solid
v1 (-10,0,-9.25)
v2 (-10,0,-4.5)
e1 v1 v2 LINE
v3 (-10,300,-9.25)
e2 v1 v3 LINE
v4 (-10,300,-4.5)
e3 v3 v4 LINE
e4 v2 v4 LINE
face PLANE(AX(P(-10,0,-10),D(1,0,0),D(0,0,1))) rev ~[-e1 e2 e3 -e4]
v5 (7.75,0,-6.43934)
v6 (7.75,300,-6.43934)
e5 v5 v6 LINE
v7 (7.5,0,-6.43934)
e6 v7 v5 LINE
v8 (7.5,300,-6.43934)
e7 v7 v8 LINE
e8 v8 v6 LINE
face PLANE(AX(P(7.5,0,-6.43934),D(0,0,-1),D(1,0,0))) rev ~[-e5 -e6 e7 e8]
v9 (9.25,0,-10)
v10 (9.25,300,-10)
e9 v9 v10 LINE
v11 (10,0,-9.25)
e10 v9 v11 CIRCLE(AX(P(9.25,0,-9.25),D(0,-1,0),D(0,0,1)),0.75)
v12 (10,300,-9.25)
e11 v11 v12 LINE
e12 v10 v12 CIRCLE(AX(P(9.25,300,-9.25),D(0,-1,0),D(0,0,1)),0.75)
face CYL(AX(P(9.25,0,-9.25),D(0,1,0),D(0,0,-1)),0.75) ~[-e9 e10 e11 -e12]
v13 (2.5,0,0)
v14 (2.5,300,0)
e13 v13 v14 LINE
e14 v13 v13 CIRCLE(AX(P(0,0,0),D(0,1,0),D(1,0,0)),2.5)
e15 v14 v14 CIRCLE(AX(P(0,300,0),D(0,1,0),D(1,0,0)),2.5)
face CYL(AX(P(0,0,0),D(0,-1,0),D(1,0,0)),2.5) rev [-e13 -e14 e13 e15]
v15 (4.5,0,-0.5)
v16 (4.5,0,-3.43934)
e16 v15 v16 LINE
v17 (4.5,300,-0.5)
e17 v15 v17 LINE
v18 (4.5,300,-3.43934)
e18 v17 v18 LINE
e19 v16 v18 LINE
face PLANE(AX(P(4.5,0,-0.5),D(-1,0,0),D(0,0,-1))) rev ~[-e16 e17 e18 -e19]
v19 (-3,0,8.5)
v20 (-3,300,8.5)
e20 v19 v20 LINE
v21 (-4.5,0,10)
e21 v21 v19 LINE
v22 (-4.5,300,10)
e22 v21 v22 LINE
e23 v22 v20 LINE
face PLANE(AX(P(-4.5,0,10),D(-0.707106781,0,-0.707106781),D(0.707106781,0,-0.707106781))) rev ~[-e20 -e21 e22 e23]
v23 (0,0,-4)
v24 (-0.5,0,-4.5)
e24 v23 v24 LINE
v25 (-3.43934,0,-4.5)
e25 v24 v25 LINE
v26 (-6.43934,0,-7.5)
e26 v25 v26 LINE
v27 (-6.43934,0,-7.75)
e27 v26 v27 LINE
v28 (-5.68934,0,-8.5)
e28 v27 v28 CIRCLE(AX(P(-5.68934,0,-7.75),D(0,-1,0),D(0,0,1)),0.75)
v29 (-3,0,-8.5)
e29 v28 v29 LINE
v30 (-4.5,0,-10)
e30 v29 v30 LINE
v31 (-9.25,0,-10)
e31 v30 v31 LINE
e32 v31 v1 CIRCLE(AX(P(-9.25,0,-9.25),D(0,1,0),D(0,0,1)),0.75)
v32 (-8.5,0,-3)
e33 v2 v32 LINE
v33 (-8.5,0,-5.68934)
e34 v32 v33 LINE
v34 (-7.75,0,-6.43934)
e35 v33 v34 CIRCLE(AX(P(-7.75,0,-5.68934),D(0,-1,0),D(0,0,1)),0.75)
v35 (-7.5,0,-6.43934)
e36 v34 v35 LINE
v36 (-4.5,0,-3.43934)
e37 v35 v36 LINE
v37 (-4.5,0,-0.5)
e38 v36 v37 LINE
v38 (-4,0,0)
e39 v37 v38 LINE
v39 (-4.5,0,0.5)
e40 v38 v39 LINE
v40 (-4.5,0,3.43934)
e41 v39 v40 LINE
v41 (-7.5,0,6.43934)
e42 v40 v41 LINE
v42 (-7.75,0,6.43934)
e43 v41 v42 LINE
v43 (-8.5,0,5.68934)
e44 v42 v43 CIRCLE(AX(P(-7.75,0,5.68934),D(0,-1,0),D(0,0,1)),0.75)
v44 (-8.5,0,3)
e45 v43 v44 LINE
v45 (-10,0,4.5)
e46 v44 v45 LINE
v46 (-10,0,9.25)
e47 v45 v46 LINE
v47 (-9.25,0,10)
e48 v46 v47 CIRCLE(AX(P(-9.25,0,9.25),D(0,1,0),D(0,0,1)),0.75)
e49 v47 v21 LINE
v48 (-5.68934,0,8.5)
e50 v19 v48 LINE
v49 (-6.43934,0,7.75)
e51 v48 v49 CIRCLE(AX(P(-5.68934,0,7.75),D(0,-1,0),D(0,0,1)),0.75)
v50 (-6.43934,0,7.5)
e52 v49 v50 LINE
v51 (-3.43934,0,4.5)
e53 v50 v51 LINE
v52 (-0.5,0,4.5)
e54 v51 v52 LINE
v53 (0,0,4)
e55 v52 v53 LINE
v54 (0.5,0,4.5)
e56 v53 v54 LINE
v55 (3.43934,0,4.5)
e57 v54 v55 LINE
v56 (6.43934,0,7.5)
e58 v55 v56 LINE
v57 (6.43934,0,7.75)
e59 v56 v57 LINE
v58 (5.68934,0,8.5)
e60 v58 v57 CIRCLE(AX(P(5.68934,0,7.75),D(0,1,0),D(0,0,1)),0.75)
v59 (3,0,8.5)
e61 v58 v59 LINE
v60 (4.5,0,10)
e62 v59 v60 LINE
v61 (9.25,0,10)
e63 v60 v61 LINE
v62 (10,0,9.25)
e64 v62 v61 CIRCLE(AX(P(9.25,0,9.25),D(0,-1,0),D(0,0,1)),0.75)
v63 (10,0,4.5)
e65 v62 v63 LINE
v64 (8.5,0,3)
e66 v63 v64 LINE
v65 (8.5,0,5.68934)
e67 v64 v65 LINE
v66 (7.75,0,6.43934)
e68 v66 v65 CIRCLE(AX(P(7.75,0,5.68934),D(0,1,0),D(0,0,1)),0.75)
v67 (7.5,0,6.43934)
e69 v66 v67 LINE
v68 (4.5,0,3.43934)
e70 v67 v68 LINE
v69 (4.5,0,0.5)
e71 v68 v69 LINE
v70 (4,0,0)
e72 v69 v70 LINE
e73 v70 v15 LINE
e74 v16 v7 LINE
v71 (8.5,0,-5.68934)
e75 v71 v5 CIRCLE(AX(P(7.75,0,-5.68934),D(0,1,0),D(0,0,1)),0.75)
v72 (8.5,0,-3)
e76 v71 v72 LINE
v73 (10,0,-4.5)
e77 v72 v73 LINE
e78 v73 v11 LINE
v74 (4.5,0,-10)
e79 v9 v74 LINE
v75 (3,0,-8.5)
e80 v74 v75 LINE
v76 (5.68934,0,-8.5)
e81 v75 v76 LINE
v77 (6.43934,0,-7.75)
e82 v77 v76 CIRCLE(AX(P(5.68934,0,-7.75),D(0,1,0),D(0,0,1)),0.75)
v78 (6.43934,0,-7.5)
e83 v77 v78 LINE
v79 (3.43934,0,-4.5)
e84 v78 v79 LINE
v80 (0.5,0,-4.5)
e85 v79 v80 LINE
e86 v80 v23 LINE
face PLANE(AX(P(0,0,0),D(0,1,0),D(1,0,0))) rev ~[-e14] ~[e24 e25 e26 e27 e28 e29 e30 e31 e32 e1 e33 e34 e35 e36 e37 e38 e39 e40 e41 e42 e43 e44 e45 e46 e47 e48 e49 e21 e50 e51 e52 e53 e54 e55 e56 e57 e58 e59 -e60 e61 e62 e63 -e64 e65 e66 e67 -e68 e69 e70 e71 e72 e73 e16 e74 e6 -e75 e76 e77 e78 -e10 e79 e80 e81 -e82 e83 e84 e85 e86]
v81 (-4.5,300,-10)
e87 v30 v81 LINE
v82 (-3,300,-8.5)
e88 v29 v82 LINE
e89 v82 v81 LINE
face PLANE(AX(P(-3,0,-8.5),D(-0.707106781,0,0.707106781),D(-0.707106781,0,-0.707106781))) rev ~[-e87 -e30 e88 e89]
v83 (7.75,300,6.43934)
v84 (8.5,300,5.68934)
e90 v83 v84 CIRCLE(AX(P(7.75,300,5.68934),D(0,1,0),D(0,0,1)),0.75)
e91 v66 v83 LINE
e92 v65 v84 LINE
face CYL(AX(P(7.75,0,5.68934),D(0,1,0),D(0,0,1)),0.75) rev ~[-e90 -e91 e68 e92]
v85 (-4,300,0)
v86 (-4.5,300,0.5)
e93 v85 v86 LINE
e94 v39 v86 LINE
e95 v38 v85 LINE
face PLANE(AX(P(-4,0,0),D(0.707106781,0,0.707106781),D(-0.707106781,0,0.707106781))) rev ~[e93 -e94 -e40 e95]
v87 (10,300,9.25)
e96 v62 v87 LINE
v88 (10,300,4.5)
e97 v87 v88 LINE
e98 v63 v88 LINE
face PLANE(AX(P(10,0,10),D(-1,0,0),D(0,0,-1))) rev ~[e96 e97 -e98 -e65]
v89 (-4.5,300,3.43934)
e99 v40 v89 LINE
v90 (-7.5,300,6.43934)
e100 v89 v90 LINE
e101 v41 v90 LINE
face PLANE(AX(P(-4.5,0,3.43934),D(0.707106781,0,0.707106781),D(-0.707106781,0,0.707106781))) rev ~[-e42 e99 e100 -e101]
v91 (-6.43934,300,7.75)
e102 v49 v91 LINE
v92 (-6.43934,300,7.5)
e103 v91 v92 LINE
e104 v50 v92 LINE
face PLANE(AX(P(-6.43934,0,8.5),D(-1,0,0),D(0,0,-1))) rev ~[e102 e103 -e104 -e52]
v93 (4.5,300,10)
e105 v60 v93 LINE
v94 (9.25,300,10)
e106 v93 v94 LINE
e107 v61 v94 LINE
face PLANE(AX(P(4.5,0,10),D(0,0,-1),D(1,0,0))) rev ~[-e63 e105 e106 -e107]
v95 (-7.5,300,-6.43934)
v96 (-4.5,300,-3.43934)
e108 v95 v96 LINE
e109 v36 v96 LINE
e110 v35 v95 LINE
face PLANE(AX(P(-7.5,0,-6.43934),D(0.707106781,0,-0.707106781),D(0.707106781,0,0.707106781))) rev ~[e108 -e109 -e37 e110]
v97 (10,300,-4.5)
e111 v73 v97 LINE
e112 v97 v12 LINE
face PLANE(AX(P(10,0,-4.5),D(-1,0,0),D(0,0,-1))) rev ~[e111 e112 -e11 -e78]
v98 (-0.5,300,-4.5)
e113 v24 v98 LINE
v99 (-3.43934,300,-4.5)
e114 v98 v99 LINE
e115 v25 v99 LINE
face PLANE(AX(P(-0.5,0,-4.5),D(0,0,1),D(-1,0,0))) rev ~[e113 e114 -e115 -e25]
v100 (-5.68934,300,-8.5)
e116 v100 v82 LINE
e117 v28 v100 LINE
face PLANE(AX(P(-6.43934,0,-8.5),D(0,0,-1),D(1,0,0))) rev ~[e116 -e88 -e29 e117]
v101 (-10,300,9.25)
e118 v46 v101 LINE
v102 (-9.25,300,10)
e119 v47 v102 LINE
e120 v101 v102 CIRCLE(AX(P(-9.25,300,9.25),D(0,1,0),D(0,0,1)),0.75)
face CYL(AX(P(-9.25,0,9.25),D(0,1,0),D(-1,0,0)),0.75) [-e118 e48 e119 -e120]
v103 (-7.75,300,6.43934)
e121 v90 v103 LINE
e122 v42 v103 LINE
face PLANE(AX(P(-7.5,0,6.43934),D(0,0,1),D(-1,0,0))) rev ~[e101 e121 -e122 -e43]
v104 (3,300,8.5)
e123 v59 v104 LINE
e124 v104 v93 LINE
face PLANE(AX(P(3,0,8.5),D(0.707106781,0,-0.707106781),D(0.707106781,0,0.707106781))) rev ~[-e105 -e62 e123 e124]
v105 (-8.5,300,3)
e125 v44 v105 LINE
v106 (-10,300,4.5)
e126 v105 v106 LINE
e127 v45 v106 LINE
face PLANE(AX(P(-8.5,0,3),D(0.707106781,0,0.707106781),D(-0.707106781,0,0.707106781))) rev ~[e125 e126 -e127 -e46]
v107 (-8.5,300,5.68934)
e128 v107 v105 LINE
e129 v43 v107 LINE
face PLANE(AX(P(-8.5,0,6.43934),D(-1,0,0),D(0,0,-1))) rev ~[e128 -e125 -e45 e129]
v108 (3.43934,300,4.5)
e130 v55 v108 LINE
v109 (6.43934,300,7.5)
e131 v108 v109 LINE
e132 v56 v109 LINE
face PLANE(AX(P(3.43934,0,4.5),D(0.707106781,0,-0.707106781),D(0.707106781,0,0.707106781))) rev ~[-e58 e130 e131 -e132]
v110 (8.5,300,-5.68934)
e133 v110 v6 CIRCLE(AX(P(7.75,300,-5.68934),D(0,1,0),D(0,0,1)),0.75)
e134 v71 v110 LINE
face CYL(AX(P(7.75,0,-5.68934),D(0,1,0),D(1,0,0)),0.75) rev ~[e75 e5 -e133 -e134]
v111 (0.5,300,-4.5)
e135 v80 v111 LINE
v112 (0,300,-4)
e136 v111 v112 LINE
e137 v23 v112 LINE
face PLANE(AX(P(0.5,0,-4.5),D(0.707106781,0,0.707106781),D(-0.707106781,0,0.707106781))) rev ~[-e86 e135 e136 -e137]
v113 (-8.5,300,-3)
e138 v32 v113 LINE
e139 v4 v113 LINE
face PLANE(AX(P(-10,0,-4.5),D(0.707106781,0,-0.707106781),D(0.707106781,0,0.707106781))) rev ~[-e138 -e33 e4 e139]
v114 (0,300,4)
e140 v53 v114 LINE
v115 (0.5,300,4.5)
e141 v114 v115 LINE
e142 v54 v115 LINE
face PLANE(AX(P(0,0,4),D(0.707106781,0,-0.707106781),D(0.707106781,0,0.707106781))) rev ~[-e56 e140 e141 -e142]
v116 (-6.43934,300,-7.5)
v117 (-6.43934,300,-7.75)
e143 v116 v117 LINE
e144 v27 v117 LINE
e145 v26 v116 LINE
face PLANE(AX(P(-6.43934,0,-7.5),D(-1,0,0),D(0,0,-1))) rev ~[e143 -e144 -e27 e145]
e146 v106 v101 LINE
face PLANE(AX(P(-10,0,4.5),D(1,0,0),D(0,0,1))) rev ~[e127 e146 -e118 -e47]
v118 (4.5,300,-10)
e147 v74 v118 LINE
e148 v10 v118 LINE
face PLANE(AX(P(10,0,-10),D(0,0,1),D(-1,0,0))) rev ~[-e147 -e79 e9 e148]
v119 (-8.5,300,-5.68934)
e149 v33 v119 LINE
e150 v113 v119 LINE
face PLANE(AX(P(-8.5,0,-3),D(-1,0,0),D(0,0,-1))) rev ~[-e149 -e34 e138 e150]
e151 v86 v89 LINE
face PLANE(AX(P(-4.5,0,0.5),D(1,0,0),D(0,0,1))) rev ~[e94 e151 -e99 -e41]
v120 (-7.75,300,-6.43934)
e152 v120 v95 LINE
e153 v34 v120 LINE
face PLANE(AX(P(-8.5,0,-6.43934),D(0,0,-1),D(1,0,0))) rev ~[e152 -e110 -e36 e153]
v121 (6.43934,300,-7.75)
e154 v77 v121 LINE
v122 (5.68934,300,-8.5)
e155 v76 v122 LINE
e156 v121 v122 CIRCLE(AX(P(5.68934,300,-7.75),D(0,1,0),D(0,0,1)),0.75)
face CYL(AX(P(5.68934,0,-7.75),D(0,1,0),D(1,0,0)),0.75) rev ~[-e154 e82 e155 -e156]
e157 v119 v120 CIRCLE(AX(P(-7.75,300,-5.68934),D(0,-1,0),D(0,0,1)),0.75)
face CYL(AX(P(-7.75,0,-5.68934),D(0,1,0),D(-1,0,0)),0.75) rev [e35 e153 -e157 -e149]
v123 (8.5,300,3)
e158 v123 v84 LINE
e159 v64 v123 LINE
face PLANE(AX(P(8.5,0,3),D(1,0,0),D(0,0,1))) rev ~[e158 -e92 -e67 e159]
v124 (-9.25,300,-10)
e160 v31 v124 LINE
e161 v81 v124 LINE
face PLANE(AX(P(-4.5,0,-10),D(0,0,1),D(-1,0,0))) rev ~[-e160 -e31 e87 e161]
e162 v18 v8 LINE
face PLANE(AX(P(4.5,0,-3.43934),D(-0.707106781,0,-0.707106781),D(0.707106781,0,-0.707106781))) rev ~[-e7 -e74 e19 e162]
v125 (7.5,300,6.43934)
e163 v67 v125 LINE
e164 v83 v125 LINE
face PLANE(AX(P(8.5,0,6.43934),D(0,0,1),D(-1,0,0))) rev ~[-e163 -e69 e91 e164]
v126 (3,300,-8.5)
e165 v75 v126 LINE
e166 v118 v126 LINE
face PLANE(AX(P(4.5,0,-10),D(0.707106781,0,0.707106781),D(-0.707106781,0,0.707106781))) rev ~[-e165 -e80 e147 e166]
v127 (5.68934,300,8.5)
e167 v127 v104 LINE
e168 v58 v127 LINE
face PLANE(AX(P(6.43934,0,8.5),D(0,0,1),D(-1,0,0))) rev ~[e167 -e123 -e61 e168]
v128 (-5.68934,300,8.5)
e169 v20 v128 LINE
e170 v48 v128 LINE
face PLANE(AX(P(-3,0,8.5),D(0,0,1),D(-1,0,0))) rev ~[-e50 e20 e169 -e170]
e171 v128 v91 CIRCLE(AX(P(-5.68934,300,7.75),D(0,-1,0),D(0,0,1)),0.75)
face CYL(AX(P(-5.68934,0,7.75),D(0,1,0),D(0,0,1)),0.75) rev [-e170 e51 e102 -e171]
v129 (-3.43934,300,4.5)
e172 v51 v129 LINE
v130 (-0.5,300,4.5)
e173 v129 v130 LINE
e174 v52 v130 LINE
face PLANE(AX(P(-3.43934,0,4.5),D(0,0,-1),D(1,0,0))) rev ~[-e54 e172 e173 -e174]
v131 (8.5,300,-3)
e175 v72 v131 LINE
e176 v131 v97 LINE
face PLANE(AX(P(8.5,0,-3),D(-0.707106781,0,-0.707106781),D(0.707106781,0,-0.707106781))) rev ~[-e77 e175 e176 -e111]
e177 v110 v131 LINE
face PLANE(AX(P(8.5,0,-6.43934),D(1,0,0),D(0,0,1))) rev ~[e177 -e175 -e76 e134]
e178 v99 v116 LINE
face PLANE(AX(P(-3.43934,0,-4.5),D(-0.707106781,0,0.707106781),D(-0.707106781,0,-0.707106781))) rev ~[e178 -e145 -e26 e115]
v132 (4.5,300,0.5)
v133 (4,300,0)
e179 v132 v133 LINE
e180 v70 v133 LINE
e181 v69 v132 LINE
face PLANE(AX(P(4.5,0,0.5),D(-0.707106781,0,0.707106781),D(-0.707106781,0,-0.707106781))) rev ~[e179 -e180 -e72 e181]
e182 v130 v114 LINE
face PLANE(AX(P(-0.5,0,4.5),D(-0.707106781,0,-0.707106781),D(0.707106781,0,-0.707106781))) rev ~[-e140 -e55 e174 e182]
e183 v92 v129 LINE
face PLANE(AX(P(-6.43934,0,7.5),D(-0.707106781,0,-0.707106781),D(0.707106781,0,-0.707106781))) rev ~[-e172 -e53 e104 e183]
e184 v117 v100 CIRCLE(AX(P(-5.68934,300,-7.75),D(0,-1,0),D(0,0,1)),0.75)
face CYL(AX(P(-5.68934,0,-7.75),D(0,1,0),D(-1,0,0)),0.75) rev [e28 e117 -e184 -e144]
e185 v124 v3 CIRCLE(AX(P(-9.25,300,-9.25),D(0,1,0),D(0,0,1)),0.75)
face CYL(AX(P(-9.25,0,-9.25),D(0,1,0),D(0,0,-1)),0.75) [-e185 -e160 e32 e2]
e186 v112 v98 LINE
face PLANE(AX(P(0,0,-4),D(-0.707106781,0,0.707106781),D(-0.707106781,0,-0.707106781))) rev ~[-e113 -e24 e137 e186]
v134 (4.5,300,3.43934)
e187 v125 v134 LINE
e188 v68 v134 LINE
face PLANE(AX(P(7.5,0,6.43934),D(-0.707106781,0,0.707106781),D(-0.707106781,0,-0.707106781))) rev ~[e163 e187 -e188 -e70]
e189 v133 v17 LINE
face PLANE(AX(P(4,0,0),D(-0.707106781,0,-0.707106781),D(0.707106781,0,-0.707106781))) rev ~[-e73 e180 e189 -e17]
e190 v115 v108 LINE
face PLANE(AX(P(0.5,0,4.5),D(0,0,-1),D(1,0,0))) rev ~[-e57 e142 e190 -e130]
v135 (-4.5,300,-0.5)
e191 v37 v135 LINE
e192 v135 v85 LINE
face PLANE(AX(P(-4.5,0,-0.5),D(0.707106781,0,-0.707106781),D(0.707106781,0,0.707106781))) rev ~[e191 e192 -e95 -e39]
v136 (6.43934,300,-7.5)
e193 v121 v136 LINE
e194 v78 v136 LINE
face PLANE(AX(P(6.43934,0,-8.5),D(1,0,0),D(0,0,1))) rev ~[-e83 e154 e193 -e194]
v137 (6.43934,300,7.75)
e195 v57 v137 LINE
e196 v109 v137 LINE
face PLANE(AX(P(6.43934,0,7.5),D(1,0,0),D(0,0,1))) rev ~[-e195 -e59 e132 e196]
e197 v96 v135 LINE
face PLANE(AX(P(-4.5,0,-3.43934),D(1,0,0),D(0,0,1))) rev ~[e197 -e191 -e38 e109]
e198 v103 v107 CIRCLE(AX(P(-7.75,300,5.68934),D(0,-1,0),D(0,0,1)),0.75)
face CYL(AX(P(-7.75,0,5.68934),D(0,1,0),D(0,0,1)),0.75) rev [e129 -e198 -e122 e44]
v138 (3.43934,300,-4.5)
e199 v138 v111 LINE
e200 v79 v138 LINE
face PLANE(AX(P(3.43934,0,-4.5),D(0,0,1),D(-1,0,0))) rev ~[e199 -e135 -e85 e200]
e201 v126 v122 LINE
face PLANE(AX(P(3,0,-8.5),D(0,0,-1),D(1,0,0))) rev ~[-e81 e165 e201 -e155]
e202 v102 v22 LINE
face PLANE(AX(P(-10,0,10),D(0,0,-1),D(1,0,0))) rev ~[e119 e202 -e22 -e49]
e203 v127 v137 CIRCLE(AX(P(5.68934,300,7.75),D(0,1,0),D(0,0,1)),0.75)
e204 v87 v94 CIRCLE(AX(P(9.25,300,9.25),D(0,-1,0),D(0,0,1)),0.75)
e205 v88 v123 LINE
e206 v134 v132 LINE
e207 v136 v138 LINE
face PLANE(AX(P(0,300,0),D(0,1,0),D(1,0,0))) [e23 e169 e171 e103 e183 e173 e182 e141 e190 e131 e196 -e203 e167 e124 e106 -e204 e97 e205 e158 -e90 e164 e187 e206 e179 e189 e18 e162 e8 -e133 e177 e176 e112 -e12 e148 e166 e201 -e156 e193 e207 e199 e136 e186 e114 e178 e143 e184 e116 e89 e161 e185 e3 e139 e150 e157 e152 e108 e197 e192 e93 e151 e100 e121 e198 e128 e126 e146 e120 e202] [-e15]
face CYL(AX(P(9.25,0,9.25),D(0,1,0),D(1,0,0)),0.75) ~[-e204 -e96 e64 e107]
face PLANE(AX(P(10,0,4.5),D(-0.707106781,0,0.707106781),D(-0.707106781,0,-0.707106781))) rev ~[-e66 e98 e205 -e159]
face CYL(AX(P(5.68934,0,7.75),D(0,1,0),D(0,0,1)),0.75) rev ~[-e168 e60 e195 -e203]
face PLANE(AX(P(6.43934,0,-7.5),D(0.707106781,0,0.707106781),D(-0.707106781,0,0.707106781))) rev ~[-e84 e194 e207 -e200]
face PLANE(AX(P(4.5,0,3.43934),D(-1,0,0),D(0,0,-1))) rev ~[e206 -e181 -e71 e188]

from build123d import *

# Parameters (mm, degrees)
ESQUISSE1_R      = 2.5
EXTRUSION1_DEPTH = 300
CONG_1_R         = 0.75


with BuildPart() as part:
    # Esquisse1 → Extrusion1 (new body)
    with BuildSketch(Plane(origin=(0, 0, 0), x_dir=(1, 0, 0), z_dir=(0, 1, 0))):
        Polygon((0, 4), (-0.5, 4.5), (-3.439339828, 4.5), (-6.439339828, 7.5), (-6.439339828, 8.5), (-3, 8.5), (-4.5, 10), (-10, 10), (-10, 4.5), (-8.5, 3), (-8.5, 6.439339828), (-7.5, 6.439339828), (-4.5, 3.439339828), (-4.5, 0.5), (-4, 0), (-4.5, -0.5), (-4.5, -3.439339828), (-7.5, -6.439339828), (-8.5, -6.439339828), (-8.5, -3), (-10, -4.5), (-10, -10), (-4.5, -10), (-3, -8.5), (-6.439339828, -8.5), (-6.439339828, -7.5), (-3.439339828, -4.5), (-0.5, -4.5), (0, -4), (0.5, -4.5), (3.439339828, -4.5), (6.439339828, -7.5), (6.439339828, -8.5), (3, -8.5), (4.5, -10), (10, -10), (10, -4.5), (8.5, -3), (8.5, -6.439339828), (7.5, -6.439339828), (4.5, -3.439339828), (4.5, -0.5), (4, 0), (4.5, 0.5), (4.5, 3.439339828), (7.5, 6.439339828), (8.5, 6.439339828), (8.5, 3), (10, 4.5), (10, 10), (4.5, 10), (3, 8.5), (6.439339828, 8.5), (6.439339828, 7.5), (3.439339828, 4.5), (0.5, 4.5), align=None)
        Circle(ESQUISSE1_R, mode=Mode.SUBTRACT)
    extrude(amount=EXTRUSION1_DEPTH)

    # Congé1
    cong_1_edges = [part.edges().sort_by_distance(p)[0] for p in [
        (6.439339828, 150, -8.5),
        (10, 150, -10),
        (8.5, 150, -6.439339828),
        (8.5, 150, 6.439339828),
        (10, 150, 10),
        (6.439339828, 150, 8.5),
        (-6.439339828, 150, 8.5),
        (-10, 150, 10),
        (-8.5, 150, 6.439339828),
        (-8.5, 150, -6.439339828),
        (-10, 150, -10),
        (-6.439339828, 150, -8.5),
    ]]
    fillet(cong_1_edges, radius=CONG_1_R)


solid = part.part
